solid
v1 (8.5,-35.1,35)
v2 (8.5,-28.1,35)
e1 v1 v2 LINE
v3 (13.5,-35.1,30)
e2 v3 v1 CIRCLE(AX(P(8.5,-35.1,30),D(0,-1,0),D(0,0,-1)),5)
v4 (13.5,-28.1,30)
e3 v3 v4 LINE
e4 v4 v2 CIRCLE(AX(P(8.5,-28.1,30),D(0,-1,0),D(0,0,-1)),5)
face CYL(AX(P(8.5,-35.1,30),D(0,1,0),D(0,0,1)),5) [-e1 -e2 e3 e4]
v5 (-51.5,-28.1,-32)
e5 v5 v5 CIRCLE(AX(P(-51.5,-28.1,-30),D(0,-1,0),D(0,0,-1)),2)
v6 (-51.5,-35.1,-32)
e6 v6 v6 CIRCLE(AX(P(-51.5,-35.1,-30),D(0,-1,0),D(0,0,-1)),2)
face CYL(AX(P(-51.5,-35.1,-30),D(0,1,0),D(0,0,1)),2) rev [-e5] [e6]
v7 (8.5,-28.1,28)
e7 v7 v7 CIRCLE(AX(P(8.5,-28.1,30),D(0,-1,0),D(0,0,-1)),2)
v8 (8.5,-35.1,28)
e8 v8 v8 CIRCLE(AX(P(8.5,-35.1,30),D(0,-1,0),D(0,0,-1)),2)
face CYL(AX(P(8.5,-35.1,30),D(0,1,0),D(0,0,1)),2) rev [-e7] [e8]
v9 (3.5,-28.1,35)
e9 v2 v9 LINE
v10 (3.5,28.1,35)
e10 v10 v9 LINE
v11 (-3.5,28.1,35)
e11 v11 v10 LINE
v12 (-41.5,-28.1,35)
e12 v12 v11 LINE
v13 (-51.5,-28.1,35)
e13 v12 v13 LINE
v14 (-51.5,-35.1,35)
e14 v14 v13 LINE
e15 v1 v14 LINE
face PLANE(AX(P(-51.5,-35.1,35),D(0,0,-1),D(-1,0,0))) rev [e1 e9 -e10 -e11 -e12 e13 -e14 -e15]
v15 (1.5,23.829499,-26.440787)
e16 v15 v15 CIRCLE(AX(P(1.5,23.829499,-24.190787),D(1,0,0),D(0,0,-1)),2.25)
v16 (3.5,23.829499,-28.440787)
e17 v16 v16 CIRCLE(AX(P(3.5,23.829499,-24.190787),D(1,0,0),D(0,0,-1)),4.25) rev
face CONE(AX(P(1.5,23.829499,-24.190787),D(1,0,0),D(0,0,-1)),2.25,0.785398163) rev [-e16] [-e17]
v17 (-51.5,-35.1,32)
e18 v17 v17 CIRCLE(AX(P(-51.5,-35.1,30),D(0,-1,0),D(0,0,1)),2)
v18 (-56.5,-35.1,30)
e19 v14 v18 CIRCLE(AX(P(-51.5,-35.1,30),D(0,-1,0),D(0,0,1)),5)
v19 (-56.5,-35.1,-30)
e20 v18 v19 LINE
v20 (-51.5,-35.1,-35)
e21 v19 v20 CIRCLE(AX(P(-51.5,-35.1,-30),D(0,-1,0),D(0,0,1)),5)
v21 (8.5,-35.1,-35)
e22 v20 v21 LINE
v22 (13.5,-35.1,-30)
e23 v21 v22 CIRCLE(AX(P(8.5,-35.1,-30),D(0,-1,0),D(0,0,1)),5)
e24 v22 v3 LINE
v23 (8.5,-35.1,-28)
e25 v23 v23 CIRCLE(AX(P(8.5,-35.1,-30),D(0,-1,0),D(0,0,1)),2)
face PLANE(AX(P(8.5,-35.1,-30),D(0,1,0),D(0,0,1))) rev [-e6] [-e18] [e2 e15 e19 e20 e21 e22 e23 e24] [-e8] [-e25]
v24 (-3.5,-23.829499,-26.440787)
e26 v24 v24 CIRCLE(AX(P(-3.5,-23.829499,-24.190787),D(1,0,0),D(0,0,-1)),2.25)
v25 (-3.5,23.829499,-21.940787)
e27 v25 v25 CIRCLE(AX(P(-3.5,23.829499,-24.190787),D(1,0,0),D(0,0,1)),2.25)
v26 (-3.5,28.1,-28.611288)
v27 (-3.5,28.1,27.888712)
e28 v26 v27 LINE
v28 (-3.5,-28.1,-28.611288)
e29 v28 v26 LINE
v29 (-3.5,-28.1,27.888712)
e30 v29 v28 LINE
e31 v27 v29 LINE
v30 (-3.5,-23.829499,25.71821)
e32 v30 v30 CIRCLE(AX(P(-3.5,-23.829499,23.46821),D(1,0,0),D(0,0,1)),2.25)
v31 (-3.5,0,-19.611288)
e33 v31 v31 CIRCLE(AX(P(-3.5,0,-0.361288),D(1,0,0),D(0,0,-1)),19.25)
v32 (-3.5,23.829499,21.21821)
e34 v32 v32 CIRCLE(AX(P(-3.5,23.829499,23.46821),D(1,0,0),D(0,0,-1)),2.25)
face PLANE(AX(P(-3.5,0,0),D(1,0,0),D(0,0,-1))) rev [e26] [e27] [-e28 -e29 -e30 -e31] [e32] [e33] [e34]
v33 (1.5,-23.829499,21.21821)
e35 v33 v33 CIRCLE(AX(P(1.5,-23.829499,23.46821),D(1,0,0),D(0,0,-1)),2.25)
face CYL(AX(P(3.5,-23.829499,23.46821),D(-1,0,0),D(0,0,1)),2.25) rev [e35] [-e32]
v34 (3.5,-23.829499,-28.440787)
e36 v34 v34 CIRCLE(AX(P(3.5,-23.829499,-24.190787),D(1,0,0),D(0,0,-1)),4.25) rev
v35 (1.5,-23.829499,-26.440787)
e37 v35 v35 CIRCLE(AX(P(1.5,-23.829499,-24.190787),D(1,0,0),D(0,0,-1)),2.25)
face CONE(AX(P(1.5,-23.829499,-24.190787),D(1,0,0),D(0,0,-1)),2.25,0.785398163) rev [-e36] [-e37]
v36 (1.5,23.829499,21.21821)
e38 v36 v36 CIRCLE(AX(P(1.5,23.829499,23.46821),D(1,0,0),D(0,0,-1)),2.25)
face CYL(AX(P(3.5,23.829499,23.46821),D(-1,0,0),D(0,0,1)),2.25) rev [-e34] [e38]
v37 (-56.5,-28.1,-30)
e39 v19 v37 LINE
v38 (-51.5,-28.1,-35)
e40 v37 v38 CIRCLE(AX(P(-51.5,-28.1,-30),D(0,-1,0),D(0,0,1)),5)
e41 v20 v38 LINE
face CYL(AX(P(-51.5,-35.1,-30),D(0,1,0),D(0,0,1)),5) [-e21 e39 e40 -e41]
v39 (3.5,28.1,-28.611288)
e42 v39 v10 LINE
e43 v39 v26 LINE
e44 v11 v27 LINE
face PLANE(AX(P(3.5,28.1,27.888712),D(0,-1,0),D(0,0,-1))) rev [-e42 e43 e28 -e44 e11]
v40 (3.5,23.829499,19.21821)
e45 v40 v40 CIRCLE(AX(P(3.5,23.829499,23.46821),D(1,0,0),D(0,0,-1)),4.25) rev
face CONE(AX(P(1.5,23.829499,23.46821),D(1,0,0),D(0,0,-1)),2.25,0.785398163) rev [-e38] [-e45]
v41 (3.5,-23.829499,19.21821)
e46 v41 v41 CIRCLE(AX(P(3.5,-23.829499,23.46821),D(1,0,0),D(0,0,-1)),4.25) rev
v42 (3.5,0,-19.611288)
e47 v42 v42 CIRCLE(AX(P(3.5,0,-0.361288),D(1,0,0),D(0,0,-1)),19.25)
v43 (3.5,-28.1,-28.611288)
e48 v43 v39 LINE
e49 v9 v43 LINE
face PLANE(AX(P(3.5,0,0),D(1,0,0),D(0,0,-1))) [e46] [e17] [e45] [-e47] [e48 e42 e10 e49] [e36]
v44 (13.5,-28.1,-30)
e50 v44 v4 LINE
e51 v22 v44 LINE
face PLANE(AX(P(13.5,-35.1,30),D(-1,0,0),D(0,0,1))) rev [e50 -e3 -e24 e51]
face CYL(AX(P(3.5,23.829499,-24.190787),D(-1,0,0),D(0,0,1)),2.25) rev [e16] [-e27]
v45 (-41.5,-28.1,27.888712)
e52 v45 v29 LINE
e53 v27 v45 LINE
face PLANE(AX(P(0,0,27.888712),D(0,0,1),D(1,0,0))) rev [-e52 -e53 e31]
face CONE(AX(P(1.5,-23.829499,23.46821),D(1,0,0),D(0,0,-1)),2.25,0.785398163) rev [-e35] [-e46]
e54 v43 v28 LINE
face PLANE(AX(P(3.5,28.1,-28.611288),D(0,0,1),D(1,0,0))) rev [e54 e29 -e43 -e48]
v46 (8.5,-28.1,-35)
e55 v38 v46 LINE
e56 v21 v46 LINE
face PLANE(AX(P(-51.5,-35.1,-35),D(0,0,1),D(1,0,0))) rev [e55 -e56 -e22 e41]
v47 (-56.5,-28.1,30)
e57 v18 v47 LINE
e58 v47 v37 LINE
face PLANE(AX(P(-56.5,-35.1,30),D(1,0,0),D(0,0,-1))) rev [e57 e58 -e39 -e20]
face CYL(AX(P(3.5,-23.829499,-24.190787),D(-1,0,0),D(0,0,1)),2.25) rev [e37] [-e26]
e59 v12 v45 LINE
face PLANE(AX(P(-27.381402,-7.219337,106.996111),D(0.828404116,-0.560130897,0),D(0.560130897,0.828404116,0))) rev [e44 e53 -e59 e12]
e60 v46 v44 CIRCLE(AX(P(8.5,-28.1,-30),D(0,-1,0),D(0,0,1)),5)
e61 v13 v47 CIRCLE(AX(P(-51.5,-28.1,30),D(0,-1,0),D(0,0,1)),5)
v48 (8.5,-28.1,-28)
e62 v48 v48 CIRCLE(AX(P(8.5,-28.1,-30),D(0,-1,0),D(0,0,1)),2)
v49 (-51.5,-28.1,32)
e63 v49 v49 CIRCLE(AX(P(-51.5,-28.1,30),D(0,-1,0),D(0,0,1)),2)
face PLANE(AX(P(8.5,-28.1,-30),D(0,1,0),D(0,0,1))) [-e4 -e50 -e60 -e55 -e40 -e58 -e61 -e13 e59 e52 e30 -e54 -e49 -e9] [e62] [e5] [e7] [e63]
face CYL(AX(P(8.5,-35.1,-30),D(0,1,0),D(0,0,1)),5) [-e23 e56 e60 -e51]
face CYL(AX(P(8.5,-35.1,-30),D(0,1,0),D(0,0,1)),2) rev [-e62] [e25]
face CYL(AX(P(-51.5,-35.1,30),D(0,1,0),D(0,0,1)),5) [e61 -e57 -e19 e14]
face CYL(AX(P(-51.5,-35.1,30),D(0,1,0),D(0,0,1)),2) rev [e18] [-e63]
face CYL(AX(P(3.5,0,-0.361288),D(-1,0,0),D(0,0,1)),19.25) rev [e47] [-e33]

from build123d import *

# Parameters (mm, degrees)
SKETCH1_W           = 56.5
SKETCH1_H           = 56.2
SKETCH1_R           = 19.25
SKETCH1_R_2         = 2.25
BOSS_EXTRUDE1_DEPTH = 3.5
SKETCH2_R           = 2
BOSS_EXTRUDE2_DEPTH = 7
BOSS_EXTRUDE3_START = 35
BOSS_EXTRUDE3_DEPTH = 7.11128839
CHAMFER1_SIZE       = 2


with BuildPart() as part:
    # Sketch1 → Boss-Extrude1 (new, symmetric)
    with BuildSketch(Plane(origin=(0, 0, 0), x_dir=(0, 0, -1), z_dir=(1, 0, 0))):
        with Locations((0.36128839, 0)):
            Rectangle(SKETCH1_W, SKETCH1_H)
        with Locations((0.36128839, 0)):
            Circle(SKETCH1_R, mode=Mode.SUBTRACT)
        with Locations((-23.468210136, 23.829498526)):
            Circle(SKETCH1_R_2, mode=Mode.SUBTRACT)
        with Locations(Location((24.190786916, 23.829498526, 0), (0, 0, 180))):
            Circle(SKETCH1_R_2, mode=Mode.SUBTRACT)
        with Locations((24.190786916, -23.829498526)):
            Circle(SKETCH1_R_2, mode=Mode.SUBTRACT)
        with Locations(Location((-23.468210136, -23.829498526, 0), (0, 0, 180))):
            Circle(SKETCH1_R_2, mode=Mode.SUBTRACT)
    extrude(amount=BOSS_EXTRUDE1_DEPTH, both=True)

    # Sketch2 → Boss-Extrude2 (add)
    with BuildSketch(Plane.XZ.offset(28.1)):
        with BuildLine():
            Line((-51.5, 35), (8.5, 35))
            ThreePointArc((8.5, 35), (12.035533906, 33.535533906), (13.5, 30))
            Line((13.5, 30), (13.5, -30))
            ThreePointArc((13.5, -30), (12.035533906, -33.535533906), (8.5, -35))
            Line((8.5, -35), (-51.5, -35))
            ThreePointArc((-51.5, -35), (-55.035533906, -33.535533906), (-56.5, -30))
            Line((-56.5, -30), (-56.5, 30))
            ThreePointArc((-56.5, 30), (-55.035533906, 33.535533906), (-51.5, 35))
        make_face()
        with Locations(Location((8.5, 30, 0), (0, 0, 270))):
            Circle(SKETCH2_R, mode=Mode.SUBTRACT)
        with Locations(Location((8.5, -30, 0), (0, 0, 90))):
            Circle(SKETCH2_R, mode=Mode.SUBTRACT)
        with Locations(Location((-51.5, 30, 0), (0, 0, 90))):
            Circle(SKETCH2_R, mode=Mode.SUBTRACT)
        with Locations(Location((-51.5, -30, 0), (0, 0, 270))):
            Circle(SKETCH2_R, mode=Mode.SUBTRACT)
    extrude(amount=BOSS_EXTRUDE2_DEPTH)

    # Sketch4 → Boss-Extrude3 (add)
    with BuildSketch(Plane.XY.offset(BOSS_EXTRUDE3_START)):
        Polygon((-41.5, -28.1), (-3.5, 28.1), (3.5, 28.1), (3.5, -28.1), align=None)
    extrude(amount=-BOSS_EXTRUDE3_DEPTH)

    # Chamfer1
    chamfer1_edges = [part.edges().sort_by_distance(p)[0] for p in [
        (3.5, 23.829498526, 25.718210136),
        (3.5, 23.829498526, -26.440786916),
        (3.5, -23.829498526, -21.940786916),
        (3.5, -23.829498526, 21.218210136),
    ]]
    chamfer(chamfer1_edges, length=CHAMFER1_SIZE)


solid = part.part
